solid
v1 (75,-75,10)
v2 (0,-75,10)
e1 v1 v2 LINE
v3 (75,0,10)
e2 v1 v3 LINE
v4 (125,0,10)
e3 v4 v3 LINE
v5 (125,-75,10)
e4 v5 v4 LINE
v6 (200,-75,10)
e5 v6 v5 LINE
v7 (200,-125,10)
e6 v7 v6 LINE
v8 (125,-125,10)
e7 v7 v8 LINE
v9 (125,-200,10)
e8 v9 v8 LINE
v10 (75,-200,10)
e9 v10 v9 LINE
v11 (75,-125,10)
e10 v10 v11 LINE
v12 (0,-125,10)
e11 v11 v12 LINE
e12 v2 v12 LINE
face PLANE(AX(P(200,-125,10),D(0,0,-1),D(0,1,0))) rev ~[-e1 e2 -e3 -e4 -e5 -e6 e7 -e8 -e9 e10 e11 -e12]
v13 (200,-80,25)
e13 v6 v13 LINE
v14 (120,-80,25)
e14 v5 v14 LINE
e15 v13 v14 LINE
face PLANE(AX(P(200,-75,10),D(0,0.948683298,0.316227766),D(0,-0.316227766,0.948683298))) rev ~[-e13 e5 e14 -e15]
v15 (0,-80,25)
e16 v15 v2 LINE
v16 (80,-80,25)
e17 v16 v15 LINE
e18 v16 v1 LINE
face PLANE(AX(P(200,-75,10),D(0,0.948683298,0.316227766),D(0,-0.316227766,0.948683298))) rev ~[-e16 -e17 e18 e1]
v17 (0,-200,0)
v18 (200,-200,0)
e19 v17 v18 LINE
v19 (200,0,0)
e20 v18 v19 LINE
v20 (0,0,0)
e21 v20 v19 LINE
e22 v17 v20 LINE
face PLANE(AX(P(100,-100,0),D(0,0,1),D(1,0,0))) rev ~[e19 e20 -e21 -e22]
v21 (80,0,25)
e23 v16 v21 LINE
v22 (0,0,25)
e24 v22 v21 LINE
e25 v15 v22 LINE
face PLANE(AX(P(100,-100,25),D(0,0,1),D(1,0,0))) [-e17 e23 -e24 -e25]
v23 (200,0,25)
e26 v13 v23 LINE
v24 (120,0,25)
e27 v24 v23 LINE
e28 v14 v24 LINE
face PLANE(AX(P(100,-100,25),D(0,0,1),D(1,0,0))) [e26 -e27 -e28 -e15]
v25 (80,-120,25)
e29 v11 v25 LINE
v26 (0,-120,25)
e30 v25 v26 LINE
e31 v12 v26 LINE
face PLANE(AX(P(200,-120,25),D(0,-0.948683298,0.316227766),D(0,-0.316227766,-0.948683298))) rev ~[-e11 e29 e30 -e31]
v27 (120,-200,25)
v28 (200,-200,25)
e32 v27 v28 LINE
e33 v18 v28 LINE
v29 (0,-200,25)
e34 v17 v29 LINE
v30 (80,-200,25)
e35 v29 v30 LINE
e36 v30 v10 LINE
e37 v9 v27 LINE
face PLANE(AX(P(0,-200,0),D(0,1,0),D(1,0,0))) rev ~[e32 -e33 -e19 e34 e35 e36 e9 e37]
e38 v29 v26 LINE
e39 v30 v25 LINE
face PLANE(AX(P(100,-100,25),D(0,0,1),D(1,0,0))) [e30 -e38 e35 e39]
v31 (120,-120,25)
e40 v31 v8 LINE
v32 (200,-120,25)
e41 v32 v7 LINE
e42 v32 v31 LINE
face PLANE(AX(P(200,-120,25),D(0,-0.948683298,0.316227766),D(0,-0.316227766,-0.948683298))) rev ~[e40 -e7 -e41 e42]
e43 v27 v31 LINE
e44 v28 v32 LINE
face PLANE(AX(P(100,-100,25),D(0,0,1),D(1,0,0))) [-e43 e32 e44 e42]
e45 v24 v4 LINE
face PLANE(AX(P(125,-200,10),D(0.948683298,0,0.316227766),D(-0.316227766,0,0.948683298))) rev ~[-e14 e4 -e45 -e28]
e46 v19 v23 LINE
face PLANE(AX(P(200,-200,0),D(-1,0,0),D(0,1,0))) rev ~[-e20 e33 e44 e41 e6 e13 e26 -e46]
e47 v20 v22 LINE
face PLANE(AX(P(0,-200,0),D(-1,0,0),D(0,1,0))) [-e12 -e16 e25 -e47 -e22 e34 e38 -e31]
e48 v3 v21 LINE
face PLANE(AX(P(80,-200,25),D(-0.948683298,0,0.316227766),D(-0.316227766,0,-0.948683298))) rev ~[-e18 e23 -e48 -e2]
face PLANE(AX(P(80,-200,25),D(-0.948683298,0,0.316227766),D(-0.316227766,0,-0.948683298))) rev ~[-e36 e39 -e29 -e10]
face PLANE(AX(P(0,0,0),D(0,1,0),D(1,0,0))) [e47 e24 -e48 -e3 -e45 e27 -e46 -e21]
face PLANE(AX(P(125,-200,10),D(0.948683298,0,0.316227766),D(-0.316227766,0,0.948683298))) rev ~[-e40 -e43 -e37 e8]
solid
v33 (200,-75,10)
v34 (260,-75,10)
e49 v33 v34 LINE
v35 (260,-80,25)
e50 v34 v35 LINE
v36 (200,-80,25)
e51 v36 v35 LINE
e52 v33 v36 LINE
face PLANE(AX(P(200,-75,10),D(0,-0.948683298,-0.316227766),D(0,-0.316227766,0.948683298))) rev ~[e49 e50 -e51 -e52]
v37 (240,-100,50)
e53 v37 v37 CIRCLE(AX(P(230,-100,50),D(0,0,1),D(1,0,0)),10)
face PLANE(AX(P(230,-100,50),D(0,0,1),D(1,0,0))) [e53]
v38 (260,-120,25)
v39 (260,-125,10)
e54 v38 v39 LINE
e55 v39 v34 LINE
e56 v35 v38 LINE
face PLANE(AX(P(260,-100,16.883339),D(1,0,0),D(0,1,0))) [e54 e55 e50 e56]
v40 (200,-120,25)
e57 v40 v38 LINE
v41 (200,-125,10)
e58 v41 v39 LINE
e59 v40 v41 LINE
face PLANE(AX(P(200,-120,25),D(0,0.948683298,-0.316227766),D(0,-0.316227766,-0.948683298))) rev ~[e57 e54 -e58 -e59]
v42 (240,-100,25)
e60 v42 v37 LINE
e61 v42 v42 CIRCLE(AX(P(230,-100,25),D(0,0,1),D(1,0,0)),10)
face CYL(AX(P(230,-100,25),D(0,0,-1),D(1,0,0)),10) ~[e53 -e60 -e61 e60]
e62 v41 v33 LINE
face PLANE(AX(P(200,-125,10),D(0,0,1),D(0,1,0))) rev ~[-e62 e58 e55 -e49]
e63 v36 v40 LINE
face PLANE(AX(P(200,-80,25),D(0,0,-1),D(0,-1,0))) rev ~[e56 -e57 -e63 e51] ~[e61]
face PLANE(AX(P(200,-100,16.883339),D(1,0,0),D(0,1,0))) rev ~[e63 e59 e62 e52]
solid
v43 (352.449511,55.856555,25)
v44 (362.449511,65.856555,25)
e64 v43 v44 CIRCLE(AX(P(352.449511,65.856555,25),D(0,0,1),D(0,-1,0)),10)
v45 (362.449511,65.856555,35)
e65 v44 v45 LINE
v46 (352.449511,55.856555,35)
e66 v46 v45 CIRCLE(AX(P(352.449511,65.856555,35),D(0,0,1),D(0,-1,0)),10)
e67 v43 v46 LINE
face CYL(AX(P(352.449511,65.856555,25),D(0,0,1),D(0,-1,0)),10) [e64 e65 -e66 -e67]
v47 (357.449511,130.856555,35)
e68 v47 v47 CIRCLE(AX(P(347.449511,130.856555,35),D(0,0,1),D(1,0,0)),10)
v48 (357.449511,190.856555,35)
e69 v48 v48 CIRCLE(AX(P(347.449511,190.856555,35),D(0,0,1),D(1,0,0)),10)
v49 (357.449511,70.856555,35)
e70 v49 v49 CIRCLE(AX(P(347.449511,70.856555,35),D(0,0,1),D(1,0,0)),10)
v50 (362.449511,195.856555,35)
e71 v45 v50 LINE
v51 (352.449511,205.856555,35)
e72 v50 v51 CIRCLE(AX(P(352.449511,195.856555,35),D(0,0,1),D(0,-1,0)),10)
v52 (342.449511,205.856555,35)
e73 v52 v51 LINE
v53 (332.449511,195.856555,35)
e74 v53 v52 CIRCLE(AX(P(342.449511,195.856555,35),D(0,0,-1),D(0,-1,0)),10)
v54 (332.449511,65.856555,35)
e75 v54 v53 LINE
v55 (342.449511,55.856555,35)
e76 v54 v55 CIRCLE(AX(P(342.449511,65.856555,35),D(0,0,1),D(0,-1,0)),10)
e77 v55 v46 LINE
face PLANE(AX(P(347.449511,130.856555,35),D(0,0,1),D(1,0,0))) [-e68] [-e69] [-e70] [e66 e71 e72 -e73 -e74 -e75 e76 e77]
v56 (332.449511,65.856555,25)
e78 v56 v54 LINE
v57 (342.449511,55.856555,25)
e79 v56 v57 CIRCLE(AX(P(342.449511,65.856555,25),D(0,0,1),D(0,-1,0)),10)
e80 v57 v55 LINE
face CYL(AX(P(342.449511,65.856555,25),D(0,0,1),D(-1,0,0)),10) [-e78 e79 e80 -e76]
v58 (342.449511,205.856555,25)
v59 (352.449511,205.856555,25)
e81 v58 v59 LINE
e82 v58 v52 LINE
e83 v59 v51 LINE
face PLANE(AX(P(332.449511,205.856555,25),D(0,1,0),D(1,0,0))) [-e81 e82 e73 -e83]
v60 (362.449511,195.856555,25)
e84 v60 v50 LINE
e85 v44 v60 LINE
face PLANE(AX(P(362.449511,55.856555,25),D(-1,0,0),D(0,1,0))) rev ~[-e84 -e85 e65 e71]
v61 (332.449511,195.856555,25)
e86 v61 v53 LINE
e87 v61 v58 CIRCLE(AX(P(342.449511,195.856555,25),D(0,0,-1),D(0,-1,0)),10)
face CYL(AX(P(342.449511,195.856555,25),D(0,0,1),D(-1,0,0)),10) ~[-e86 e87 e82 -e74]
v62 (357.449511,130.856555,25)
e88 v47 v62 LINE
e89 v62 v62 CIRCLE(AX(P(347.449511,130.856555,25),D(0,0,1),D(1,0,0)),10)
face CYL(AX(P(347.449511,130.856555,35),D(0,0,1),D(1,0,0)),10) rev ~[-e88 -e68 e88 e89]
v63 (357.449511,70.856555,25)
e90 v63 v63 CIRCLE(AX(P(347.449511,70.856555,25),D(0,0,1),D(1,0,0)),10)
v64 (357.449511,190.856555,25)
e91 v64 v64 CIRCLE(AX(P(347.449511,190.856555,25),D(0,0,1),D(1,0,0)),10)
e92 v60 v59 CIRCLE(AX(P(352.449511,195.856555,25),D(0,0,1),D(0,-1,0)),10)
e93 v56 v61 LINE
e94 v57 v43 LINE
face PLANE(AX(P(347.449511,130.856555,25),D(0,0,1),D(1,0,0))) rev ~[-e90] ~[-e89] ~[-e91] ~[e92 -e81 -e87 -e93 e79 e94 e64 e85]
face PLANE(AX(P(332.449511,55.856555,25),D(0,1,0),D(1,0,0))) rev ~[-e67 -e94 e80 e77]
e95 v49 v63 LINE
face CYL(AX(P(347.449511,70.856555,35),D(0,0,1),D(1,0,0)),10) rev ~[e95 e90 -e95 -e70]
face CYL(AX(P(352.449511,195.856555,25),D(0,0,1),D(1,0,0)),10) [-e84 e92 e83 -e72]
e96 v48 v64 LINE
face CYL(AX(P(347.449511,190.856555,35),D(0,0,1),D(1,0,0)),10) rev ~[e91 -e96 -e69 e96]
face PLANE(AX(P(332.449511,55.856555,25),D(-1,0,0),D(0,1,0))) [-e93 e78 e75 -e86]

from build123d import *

# Parameters (mm, degrees)
F0_W      = 200
F0_H      = 200
F1_DEPTH  = 25
F3_DEPTH  = 200.001
F5_DEPTH  = 200.001
F6_DEPTH  = 60
F7_R      = 10
F8_DEPTH  = 25
F9_W      = 30
F9_H      = 150
F10_DEPTH = 10
F11_R     = 10
F13_R     = 10
F14_DEPTH = 35.001


with BuildPart() as f1:
    # F0 (on Top) → F1 (new body)
    with BuildSketch(Plane.XY):
        with Locations((100, -100)):
            Rectangle(F0_W, F0_H)
    extrude(amount=F1_DEPTH)

    # F2 (on face) → F3 (cut, through all)
    with BuildSketch(Plane.XZ.offset(200)):
        Polygon((120, 25), (80, 25), (75, 10), (125, 10), align=None)
    extrude(amount=-F3_DEPTH, mode=Mode.SUBTRACT)

    # F4 (on face) → F5 (cut, through all)
    with BuildSketch(Plane.YZ.offset(200)):
        Polygon((-80, 25), (-120, 25), (-125, 10), (-75, 10), align=None)
    extrude(amount=-F5_DEPTH, mode=Mode.SUBTRACT)


with BuildPart() as f6:
    # F4 (on face) → F6 (new body)
    with BuildSketch(Plane.YZ.offset(200)):
        Polygon((-80, 25), (-120, 25), (-125, 10), (-75, 10), align=None)
    extrude(amount=F6_DEPTH)

    # F7 (on face) → F8 (join)
    with BuildSketch(Plane.XY.offset(25)):
        with Locations((230, -100)):
            Circle(F7_R)
    extrude(amount=F8_DEPTH)


with BuildPart() as f10:
    # F9 (on face) → F10 (new body)
    with BuildSketch(Plane.XY.offset(25)):
        with Locations((347.449511, 130.856555)):
            Rectangle(F9_W, F9_H)
    extrude(amount=F10_DEPTH)

    # F11
    f11_edges = [f10.edges().sort_by_distance(p)[0] for p in [
        (362.449511, 55.856555, 30),
        (362.449511, 205.856555, 30),
        (332.449511, 205.856555, 30),
        (332.449511, 55.856555, 30),
    ]]
    fillet(f11_edges, radius=F11_R)

    # F13 (on face) → F14 (cut, through all)
    with BuildSketch(Plane.XY.offset(35)):
        with Locations((347.449511, 70.856555)):
            Circle(F13_R)
        with Locations((347.449511, 130.856555)):
            Circle(F13_R)
        with Locations((347.449511, 190.856555)):
            Circle(F13_R)
    extrude(amount=-F14_DEPTH, mode=Mode.SUBTRACT)


solid = Compound([f1.part, f6.part, f10.part])
